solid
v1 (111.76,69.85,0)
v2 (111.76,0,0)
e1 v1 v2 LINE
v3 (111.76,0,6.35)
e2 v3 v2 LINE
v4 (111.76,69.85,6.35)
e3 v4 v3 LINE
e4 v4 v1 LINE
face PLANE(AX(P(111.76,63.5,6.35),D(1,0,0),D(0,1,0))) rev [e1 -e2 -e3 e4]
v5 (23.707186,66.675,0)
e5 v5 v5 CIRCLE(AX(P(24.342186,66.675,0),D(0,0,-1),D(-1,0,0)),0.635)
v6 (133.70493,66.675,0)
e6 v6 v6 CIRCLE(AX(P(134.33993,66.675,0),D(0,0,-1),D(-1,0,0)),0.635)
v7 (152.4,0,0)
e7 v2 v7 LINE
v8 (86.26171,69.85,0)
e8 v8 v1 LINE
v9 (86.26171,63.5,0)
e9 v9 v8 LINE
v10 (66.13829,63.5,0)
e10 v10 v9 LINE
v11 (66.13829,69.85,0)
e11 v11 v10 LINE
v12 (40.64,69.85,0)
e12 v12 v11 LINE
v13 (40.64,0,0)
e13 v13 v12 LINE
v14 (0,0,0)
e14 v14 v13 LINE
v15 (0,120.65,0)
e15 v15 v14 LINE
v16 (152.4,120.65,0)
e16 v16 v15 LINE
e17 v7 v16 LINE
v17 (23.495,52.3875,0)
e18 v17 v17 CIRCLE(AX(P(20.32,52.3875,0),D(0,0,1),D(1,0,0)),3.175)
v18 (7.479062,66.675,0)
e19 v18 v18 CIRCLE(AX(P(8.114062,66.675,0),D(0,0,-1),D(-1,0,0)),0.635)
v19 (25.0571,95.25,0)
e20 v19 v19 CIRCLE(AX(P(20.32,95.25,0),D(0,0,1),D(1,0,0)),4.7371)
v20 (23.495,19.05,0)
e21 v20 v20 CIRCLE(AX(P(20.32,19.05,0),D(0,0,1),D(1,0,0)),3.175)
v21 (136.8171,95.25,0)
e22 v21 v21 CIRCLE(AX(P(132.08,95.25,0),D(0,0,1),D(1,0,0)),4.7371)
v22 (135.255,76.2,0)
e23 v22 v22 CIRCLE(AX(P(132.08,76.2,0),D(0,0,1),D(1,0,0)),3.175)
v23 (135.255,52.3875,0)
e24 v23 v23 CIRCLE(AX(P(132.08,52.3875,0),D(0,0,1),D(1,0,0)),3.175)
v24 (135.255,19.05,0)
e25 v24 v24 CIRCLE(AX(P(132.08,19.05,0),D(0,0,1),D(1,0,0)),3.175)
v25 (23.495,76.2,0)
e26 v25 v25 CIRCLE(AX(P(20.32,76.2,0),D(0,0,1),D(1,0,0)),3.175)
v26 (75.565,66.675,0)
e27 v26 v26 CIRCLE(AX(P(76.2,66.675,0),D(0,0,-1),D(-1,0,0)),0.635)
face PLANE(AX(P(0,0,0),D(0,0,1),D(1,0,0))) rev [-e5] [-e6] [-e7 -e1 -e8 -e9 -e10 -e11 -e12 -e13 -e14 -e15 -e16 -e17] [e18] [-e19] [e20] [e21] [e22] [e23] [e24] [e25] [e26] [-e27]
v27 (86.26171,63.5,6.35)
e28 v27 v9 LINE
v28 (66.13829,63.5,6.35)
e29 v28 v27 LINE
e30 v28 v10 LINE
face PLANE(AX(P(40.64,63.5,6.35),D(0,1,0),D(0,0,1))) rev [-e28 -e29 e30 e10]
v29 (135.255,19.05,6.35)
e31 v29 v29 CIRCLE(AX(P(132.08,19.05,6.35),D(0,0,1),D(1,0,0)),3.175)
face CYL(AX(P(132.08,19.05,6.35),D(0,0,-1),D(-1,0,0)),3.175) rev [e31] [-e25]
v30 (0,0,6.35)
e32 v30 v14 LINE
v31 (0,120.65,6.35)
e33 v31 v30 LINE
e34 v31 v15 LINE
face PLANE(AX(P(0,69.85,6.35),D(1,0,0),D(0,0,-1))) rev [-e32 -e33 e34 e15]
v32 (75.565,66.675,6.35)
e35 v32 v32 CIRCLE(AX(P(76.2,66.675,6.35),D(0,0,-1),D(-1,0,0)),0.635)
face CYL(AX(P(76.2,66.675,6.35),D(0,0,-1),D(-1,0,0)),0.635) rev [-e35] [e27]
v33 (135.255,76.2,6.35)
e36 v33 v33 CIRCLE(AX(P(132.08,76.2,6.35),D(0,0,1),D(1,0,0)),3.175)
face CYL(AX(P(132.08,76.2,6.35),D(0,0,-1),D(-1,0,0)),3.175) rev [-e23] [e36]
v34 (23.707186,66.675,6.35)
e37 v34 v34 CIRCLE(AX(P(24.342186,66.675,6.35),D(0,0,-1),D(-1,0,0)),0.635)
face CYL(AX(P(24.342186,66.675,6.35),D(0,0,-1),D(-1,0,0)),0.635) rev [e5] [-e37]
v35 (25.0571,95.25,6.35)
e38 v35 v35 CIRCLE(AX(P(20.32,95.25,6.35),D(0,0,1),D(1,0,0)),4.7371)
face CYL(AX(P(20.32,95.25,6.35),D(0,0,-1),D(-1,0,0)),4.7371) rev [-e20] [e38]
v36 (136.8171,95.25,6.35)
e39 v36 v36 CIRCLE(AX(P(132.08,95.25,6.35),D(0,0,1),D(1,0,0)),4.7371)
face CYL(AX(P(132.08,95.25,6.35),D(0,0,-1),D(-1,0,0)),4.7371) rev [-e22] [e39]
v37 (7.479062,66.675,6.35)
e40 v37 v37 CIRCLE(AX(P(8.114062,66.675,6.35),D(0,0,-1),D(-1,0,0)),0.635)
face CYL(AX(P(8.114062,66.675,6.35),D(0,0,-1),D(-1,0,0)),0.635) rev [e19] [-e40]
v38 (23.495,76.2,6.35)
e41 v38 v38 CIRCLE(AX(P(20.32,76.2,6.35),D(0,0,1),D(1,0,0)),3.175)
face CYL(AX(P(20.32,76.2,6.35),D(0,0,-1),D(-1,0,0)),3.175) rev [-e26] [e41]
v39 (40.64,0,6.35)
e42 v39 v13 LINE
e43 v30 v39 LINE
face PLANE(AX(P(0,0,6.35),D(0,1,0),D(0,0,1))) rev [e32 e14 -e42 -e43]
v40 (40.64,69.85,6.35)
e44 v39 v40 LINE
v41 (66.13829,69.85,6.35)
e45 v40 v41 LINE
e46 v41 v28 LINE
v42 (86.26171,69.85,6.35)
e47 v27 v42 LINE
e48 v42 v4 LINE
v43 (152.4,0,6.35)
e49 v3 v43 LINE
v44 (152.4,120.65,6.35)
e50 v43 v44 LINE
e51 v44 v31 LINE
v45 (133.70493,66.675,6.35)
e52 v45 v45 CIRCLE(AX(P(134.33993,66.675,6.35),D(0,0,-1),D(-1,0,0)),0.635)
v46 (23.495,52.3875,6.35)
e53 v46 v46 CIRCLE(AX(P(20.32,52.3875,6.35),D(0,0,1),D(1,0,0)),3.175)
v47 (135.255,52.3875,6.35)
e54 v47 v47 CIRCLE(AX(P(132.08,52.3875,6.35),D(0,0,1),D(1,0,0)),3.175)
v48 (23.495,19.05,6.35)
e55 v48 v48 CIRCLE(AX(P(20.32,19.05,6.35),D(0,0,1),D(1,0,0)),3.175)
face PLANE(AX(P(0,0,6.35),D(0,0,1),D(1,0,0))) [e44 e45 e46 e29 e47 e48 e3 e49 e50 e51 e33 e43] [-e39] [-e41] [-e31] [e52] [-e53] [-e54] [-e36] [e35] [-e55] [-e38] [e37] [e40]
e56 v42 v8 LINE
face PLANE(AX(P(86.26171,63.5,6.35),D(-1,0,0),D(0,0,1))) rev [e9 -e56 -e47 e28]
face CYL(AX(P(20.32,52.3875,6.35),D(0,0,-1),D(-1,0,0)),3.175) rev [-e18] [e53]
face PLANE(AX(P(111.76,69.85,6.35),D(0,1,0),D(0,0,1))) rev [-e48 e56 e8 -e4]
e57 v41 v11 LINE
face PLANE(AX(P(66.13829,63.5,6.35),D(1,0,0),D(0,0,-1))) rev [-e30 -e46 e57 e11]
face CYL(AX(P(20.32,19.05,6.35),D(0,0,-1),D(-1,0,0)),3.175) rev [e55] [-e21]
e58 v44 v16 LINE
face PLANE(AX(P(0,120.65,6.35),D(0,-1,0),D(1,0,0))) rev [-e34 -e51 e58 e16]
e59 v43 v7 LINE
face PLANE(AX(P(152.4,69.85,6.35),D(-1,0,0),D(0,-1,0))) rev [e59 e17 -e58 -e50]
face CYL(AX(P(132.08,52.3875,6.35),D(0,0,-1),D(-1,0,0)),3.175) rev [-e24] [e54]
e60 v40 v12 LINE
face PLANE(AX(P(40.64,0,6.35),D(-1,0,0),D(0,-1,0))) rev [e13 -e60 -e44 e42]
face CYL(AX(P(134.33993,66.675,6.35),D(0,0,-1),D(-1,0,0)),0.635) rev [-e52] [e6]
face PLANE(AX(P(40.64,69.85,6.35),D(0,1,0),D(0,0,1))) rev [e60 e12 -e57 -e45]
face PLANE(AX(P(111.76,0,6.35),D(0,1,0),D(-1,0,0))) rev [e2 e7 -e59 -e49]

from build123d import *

# Parameters (mm, degrees)
SKETCH1_R           = 4.7371
SKETCH1_R_2         = 3.175
BOSS_EXTRUDE1_DEPTH = 6.35
SKETCH2_W           = 25.498289586
SKETCH2_H           = 6.35
CUT_EXTRUDE1_DEPTH  = 6.35
SKETCH3_R           = 0.635
CUT_EXTRUDE2_DEPTH  = 6.35


with BuildPart() as part:
    # Sketch1 → Boss-Extrude1 (new body)
    with BuildSketch(Plane.XY):
        Polygon((0, 0), (40.64, 0), (40.64, 63.5), (111.76, 63.5), (111.76, 0), (152.4, 0), (152.4, 69.85), (152.4, 120.65), (111.76, 120.65), (40.64, 120.65), (0, 120.65), (0, 69.85), align=None)
        with Locations((20.32, 95.25)):
            Circle(SKETCH1_R, mode=Mode.SUBTRACT)
        with Locations((132.08, 95.25)):
            Circle(SKETCH1_R, mode=Mode.SUBTRACT)
        with Locations((132.08, 76.2)):
            Circle(SKETCH1_R_2, mode=Mode.SUBTRACT)
        with Locations((20.32, 76.2)):
            Circle(SKETCH1_R_2, mode=Mode.SUBTRACT)
        with Locations((20.32, 52.3875)):
            Circle(SKETCH1_R_2, mode=Mode.SUBTRACT)
        with Locations((132.08, 52.3875)):
            Circle(SKETCH1_R_2, mode=Mode.SUBTRACT)
        with Locations((20.32, 19.05)):
            Circle(SKETCH1_R_2, mode=Mode.SUBTRACT)
        with Locations((132.08, 19.05)):
            Circle(SKETCH1_R_2, mode=Mode.SUBTRACT)
    extrude(amount=BOSS_EXTRUDE1_DEPTH)

    # Sketch2 → Cut-Extrude1 (cut)
    with BuildSketch(Plane(origin=(0, 0, 0), x_dir=(-1, 0, 0), z_dir=(0, 0, -1))):
        with Locations((-99.010855207, 66.675)):
            Rectangle(SKETCH2_W, SKETCH2_H)
        with Locations((-53.389144793, 66.675)):
            Rectangle(SKETCH2_W, SKETCH2_H)
    extrude(amount=-CUT_EXTRUDE1_DEPTH, mode=Mode.SUBTRACT)

    # Sketch3 → Cut-Extrude2 (cut)
    with BuildSketch(Plane(origin=(0, 0, 0), x_dir=(-1, 0, 0), z_dir=(0, 0, -1))):
        with Locations((-134.339930145, 66.675)):
            Circle(SKETCH3_R)
        with Locations((-98.219790435, 66.675)):
            Circle(SKETCH3_R)
        with Locations((-24.342185699, 66.675)):
            Circle(SKETCH3_R)
        with Locations((-76.2, 66.675)):
            Circle(SKETCH3_R)
        with Locations((-8.1140619, 66.675)):
            Circle(SKETCH3_R)
    extrude(amount=-CUT_EXTRUDE2_DEPTH, mode=Mode.SUBTRACT)


solid = part.part
